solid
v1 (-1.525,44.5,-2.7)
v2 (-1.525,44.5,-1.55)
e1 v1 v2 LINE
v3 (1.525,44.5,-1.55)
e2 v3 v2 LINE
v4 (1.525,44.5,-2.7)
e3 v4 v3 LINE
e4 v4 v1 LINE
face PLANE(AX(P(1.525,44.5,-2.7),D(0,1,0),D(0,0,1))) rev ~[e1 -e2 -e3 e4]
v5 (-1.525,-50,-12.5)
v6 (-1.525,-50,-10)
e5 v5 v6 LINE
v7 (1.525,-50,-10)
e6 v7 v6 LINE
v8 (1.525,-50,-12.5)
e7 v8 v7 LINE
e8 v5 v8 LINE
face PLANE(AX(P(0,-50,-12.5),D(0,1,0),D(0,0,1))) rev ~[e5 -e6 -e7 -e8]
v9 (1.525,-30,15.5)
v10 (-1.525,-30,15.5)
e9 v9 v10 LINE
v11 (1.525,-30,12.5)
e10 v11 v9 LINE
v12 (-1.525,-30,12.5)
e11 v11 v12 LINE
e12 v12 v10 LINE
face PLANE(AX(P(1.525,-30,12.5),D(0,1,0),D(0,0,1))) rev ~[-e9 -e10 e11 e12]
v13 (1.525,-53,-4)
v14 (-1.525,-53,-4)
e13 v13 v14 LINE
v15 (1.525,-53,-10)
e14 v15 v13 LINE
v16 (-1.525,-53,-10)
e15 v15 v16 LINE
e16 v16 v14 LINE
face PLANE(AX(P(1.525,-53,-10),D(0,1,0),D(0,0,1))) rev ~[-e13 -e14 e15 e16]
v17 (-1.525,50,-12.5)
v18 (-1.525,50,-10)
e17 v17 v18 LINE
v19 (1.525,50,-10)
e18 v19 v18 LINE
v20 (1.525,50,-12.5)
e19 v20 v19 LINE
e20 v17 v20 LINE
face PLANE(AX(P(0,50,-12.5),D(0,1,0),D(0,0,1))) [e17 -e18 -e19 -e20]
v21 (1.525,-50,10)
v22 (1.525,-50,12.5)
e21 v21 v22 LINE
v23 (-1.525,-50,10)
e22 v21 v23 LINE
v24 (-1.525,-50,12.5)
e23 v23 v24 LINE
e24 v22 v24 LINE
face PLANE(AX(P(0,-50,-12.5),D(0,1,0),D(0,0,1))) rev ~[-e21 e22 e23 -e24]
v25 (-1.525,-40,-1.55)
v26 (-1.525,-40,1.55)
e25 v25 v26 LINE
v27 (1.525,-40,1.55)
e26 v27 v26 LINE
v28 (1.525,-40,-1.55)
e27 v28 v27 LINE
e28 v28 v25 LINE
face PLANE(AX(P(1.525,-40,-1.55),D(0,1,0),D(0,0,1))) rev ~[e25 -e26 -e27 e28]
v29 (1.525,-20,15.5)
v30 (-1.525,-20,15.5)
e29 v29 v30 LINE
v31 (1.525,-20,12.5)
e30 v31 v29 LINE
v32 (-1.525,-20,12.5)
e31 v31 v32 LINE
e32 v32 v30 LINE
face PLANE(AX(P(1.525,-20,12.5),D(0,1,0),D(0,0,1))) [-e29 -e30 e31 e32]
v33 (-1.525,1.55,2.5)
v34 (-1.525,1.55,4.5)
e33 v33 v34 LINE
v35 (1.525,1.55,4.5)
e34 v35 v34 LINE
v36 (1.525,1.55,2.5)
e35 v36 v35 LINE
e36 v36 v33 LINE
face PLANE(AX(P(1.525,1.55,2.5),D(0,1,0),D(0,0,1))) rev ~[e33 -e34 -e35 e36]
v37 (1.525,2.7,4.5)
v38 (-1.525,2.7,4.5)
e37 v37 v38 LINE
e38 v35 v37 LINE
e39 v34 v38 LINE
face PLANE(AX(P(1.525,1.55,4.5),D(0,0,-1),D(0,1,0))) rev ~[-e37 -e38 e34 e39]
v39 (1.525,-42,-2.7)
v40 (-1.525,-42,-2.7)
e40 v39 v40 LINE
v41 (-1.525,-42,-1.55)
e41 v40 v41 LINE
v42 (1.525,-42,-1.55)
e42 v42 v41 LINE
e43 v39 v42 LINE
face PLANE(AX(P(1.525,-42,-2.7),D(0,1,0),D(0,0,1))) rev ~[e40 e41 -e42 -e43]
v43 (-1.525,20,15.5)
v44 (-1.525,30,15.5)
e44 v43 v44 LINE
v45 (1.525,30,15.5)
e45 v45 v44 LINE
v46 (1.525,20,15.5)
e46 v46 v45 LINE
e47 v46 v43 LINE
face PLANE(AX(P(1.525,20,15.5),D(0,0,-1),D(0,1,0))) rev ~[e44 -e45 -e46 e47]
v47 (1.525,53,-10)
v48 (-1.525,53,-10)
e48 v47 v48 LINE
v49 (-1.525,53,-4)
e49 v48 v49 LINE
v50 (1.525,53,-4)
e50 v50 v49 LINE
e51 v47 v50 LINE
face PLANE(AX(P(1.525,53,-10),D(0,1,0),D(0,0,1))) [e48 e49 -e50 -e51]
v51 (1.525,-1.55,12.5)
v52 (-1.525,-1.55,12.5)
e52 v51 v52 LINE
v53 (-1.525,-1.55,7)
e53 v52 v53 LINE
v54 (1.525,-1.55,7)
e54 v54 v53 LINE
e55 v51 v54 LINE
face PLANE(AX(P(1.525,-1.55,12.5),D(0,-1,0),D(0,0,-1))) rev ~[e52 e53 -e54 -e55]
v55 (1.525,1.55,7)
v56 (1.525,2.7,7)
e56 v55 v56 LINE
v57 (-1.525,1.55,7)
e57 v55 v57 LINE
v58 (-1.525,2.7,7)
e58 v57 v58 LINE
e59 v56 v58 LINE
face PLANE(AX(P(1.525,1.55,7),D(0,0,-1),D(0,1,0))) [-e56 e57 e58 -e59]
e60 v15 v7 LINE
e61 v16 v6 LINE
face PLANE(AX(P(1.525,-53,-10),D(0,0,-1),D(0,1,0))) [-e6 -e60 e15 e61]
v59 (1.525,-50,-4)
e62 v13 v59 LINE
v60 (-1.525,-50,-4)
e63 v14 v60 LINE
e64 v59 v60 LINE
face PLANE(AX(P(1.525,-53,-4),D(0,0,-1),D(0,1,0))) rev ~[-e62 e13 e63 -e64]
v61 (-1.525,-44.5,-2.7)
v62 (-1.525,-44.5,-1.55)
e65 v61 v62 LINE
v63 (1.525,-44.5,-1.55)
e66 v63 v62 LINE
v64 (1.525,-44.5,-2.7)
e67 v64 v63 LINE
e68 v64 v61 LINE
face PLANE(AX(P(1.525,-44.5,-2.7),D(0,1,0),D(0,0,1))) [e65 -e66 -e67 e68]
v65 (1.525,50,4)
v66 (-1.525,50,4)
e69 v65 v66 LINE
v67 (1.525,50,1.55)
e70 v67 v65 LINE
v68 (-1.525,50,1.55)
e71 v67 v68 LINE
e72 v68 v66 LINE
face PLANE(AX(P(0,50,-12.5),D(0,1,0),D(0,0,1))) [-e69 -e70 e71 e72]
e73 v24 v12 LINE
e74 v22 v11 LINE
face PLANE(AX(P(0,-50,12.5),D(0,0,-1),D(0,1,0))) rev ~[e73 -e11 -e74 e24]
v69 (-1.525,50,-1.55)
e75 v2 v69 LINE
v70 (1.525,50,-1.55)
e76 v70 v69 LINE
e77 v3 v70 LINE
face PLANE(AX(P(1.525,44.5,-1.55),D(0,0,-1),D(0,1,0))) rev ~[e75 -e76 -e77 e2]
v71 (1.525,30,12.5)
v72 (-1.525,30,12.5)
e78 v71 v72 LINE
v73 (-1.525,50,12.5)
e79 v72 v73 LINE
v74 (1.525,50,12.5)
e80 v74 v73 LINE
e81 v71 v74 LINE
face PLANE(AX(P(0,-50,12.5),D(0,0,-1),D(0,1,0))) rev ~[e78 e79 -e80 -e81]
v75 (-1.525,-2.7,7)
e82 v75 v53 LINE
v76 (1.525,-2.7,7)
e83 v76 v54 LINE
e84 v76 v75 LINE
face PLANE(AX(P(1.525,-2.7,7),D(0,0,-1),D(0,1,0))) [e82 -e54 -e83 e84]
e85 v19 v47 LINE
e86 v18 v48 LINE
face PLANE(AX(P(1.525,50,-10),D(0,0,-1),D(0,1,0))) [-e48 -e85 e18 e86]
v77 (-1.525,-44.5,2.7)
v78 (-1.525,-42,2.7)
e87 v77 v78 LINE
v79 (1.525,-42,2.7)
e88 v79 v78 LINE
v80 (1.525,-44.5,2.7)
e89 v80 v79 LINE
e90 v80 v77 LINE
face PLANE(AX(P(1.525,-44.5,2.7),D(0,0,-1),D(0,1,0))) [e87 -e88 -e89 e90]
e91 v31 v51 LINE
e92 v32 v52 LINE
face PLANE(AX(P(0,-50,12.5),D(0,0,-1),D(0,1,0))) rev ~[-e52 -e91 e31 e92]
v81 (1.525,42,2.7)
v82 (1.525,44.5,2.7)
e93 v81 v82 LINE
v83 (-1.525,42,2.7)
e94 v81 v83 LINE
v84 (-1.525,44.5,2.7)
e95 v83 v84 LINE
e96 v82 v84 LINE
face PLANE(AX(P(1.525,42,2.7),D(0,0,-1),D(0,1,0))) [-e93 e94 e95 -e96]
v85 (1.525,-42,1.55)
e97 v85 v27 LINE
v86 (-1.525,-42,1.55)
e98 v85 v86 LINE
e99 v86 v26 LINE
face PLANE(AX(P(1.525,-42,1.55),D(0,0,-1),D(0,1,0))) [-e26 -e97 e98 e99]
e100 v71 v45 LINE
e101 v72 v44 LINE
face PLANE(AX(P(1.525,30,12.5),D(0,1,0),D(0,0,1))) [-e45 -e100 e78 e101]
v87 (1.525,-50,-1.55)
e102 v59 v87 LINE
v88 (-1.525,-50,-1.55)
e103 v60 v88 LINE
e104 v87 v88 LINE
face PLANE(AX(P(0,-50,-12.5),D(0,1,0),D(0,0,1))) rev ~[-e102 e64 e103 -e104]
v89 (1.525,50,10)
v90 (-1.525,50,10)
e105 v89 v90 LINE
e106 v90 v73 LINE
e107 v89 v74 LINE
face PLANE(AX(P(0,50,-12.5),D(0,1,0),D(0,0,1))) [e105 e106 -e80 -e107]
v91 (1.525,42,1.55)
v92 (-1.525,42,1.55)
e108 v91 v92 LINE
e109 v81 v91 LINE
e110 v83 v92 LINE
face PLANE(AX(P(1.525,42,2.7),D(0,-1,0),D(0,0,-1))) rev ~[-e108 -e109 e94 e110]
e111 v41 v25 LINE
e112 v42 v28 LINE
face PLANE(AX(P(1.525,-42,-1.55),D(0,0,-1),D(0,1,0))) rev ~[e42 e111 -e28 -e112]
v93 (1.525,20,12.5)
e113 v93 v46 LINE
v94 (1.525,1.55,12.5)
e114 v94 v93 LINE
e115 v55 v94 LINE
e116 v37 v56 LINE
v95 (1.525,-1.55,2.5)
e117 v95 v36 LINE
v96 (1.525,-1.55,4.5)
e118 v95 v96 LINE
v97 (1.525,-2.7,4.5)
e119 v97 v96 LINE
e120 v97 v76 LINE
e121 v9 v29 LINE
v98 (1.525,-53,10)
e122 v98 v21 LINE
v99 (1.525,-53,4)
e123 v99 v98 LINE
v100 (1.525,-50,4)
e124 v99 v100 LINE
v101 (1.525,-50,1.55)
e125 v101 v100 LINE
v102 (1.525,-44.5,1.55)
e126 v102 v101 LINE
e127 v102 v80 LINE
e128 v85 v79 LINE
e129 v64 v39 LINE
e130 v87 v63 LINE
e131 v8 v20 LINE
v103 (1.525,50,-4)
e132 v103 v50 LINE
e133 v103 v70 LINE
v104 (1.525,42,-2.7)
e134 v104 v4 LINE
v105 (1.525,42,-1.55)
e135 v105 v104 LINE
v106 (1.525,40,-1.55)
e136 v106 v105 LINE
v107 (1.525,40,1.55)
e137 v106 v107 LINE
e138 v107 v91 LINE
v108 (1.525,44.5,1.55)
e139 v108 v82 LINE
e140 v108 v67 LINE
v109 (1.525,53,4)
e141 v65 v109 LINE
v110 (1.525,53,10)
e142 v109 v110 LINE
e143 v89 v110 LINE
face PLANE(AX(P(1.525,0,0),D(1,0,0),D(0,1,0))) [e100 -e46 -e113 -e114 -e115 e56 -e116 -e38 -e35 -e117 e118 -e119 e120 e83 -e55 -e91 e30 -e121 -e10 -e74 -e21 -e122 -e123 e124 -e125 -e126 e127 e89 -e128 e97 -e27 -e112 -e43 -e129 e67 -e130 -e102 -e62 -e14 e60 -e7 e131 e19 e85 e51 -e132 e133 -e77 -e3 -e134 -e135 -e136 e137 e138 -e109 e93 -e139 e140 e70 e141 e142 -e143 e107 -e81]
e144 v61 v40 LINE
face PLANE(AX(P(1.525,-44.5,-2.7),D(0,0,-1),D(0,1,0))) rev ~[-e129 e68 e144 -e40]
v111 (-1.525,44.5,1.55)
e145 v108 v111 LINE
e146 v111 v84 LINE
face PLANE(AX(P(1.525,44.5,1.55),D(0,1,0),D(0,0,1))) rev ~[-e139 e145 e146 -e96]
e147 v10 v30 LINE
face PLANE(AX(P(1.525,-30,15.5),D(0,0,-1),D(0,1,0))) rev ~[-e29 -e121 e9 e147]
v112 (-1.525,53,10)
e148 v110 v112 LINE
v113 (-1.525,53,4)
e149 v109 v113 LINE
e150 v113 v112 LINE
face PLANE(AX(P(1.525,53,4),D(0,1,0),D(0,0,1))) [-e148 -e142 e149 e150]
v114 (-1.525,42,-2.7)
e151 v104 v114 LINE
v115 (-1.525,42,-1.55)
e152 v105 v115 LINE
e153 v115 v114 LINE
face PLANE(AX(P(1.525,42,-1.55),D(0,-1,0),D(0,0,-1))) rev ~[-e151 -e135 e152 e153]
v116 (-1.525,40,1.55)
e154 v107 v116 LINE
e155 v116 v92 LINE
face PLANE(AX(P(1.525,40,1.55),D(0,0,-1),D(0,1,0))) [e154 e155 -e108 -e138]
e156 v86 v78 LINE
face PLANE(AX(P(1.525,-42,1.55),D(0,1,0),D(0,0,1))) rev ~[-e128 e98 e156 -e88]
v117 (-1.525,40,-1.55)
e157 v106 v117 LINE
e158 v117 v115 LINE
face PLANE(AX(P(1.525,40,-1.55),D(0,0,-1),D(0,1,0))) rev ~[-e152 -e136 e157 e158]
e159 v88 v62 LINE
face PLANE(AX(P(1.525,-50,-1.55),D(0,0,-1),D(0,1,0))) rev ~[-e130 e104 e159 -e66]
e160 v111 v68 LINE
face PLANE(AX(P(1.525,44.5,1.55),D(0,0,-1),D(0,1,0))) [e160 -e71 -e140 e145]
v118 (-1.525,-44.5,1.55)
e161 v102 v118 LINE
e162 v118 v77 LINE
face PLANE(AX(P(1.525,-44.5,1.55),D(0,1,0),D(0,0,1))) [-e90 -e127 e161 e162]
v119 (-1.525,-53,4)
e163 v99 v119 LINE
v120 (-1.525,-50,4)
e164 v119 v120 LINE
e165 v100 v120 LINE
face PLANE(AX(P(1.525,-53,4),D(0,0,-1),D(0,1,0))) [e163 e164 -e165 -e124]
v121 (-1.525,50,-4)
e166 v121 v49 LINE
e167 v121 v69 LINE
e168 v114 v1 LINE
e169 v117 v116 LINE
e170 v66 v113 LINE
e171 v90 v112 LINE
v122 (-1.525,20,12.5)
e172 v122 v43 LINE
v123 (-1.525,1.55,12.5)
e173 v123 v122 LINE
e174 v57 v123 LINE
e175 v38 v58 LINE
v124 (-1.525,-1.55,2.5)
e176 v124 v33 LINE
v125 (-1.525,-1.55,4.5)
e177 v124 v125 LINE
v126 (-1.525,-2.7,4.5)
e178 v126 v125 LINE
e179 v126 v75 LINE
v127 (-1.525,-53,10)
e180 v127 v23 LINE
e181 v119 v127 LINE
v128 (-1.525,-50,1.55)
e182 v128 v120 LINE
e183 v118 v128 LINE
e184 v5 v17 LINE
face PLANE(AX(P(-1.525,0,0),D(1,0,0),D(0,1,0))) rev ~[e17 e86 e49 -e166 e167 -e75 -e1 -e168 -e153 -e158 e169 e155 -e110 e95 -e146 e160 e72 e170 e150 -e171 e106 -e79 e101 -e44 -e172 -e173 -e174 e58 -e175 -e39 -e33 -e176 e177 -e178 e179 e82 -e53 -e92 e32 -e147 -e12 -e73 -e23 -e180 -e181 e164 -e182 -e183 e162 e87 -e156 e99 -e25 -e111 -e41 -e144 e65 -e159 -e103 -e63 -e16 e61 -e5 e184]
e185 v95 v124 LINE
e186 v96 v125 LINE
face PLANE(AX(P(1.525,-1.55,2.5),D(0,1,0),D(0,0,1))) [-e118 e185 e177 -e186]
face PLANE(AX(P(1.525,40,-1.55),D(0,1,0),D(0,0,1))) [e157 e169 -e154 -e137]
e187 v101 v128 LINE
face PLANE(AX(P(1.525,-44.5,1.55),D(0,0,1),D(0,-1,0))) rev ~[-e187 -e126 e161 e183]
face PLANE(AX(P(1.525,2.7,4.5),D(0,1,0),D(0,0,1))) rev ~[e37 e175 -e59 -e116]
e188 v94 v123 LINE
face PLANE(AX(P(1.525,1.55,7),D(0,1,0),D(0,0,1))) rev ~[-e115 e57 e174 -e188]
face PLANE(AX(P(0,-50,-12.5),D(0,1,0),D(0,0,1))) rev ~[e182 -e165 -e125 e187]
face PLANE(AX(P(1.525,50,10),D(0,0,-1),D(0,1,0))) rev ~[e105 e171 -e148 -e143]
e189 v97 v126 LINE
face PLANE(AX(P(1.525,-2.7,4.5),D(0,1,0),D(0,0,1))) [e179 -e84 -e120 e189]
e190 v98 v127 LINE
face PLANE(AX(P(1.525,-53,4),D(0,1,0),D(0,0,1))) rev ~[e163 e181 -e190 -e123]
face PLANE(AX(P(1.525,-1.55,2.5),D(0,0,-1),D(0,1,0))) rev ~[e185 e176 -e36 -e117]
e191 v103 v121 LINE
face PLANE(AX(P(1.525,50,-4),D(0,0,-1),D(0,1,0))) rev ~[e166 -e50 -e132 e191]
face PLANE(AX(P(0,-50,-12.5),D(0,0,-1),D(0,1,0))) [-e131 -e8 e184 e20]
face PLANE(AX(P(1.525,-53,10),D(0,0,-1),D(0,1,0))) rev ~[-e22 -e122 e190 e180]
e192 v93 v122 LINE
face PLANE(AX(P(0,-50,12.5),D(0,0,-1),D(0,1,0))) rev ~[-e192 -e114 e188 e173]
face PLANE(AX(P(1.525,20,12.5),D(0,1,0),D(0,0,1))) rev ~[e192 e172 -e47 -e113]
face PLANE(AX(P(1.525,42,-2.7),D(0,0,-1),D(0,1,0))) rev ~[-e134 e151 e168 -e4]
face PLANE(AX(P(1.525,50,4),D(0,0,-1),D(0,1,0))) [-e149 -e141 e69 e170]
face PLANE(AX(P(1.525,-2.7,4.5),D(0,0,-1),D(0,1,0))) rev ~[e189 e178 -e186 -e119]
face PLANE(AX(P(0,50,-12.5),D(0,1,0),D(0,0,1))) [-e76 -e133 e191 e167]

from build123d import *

# Parameters (mm, degrees)
F0_W     = 100
F0_H     = 25
F1_DEPTH = 1.525
F2_W     = 3
F2_H     = 6
F3_DEPTH = 3.05
F4_W     = 3.1
F4_H     = 5.5
F4_H_2   = 2.5
F4_W_2   = 1.15
F4_H_3   = 2
F4_W_3   = 5.5
F4_H_4   = 3.1
F4_W_4   = 2.5
F4_H_5   = 1.15
F4_W_5   = 2
F5_DEPTH = 3.05
F6_W     = 10
F6_H     = 3
F7_DEPTH = 3.05


with BuildPart() as f1:
    # F0 (on Right) → F1 (new body, symmetric)
    with BuildSketch(Plane.YZ):
        Rectangle(F0_W, F0_H)
    extrude(amount=F1_DEPTH, both=True)

    # F2 (on face) → F3 (join, through all)
    with BuildSketch(Plane.YZ.offset(1.525)):
        with Locations((-51.5, 7)):
            Rectangle(F2_W, F2_H)
        with Locations((-51.5, -7)):
            Rectangle(F2_W, F2_H)
        with Locations((51.5, -7)):
            Rectangle(F2_W, F2_H)
        with Locations((51.5, 7)):
            Rectangle(F2_W, F2_H)
    extrude(amount=-F3_DEPTH)

    # F4 (on face) → F5 (cut, through all)
    with BuildSketch(Plane.YZ.offset(1.525)):
        with Locations((0, 9.75)):
            Rectangle(F4_W, F4_H)
        with Locations((0, 5.75)):
            Rectangle(F4_W, F4_H_2)
        with Locations((-2.125, 5.75)):
            Rectangle(F4_W_2, F4_H_2)
        with Locations((2.125, 5.75)):
            Rectangle(F4_W_2, F4_H_2)
        with Locations((0, 3.5)):
            Rectangle(F4_W, F4_H_3)
        with Locations((-47.25, 0)):
            Rectangle(F4_W_3, F4_H_4)
        with Locations((-43.25, 0)):
            Rectangle(F4_W_4, F4_H_4)
        with Locations((-43.25, -2.125)):
            Rectangle(F4_W_4, F4_H_5)
        with Locations((-43.25, 2.125)):
            Rectangle(F4_W_4, F4_H_5)
        with Locations((-41, 0)):
            Rectangle(F4_W_5, F4_H_4)
        with Locations((43.25, 2.125)):
            Rectangle(F4_W_4, F4_H_5)
        with Locations((47.25, 0)):
            Rectangle(F4_W_3, F4_H_4)
        with Locations((43.25, 0)):
            Rectangle(F4_W_4, F4_H_4)
        with Locations((43.25, -2.125)):
            Rectangle(F4_W_4, F4_H_5)
        with Locations((41, 0)):
            Rectangle(F4_W_5, F4_H_4)
    extrude(amount=-F5_DEPTH, mode=Mode.SUBTRACT)

    # F6 (on face) → F7 (join, through all)
    with BuildSketch(Plane.YZ.offset(1.525)):
        with Locations((-25, 14)):
            Rectangle(F6_W, F6_H)
        with Locations((25, 14)):
            Rectangle(F6_W, F6_H)
    extrude(amount=-F7_DEPTH)


solid = f1.part
